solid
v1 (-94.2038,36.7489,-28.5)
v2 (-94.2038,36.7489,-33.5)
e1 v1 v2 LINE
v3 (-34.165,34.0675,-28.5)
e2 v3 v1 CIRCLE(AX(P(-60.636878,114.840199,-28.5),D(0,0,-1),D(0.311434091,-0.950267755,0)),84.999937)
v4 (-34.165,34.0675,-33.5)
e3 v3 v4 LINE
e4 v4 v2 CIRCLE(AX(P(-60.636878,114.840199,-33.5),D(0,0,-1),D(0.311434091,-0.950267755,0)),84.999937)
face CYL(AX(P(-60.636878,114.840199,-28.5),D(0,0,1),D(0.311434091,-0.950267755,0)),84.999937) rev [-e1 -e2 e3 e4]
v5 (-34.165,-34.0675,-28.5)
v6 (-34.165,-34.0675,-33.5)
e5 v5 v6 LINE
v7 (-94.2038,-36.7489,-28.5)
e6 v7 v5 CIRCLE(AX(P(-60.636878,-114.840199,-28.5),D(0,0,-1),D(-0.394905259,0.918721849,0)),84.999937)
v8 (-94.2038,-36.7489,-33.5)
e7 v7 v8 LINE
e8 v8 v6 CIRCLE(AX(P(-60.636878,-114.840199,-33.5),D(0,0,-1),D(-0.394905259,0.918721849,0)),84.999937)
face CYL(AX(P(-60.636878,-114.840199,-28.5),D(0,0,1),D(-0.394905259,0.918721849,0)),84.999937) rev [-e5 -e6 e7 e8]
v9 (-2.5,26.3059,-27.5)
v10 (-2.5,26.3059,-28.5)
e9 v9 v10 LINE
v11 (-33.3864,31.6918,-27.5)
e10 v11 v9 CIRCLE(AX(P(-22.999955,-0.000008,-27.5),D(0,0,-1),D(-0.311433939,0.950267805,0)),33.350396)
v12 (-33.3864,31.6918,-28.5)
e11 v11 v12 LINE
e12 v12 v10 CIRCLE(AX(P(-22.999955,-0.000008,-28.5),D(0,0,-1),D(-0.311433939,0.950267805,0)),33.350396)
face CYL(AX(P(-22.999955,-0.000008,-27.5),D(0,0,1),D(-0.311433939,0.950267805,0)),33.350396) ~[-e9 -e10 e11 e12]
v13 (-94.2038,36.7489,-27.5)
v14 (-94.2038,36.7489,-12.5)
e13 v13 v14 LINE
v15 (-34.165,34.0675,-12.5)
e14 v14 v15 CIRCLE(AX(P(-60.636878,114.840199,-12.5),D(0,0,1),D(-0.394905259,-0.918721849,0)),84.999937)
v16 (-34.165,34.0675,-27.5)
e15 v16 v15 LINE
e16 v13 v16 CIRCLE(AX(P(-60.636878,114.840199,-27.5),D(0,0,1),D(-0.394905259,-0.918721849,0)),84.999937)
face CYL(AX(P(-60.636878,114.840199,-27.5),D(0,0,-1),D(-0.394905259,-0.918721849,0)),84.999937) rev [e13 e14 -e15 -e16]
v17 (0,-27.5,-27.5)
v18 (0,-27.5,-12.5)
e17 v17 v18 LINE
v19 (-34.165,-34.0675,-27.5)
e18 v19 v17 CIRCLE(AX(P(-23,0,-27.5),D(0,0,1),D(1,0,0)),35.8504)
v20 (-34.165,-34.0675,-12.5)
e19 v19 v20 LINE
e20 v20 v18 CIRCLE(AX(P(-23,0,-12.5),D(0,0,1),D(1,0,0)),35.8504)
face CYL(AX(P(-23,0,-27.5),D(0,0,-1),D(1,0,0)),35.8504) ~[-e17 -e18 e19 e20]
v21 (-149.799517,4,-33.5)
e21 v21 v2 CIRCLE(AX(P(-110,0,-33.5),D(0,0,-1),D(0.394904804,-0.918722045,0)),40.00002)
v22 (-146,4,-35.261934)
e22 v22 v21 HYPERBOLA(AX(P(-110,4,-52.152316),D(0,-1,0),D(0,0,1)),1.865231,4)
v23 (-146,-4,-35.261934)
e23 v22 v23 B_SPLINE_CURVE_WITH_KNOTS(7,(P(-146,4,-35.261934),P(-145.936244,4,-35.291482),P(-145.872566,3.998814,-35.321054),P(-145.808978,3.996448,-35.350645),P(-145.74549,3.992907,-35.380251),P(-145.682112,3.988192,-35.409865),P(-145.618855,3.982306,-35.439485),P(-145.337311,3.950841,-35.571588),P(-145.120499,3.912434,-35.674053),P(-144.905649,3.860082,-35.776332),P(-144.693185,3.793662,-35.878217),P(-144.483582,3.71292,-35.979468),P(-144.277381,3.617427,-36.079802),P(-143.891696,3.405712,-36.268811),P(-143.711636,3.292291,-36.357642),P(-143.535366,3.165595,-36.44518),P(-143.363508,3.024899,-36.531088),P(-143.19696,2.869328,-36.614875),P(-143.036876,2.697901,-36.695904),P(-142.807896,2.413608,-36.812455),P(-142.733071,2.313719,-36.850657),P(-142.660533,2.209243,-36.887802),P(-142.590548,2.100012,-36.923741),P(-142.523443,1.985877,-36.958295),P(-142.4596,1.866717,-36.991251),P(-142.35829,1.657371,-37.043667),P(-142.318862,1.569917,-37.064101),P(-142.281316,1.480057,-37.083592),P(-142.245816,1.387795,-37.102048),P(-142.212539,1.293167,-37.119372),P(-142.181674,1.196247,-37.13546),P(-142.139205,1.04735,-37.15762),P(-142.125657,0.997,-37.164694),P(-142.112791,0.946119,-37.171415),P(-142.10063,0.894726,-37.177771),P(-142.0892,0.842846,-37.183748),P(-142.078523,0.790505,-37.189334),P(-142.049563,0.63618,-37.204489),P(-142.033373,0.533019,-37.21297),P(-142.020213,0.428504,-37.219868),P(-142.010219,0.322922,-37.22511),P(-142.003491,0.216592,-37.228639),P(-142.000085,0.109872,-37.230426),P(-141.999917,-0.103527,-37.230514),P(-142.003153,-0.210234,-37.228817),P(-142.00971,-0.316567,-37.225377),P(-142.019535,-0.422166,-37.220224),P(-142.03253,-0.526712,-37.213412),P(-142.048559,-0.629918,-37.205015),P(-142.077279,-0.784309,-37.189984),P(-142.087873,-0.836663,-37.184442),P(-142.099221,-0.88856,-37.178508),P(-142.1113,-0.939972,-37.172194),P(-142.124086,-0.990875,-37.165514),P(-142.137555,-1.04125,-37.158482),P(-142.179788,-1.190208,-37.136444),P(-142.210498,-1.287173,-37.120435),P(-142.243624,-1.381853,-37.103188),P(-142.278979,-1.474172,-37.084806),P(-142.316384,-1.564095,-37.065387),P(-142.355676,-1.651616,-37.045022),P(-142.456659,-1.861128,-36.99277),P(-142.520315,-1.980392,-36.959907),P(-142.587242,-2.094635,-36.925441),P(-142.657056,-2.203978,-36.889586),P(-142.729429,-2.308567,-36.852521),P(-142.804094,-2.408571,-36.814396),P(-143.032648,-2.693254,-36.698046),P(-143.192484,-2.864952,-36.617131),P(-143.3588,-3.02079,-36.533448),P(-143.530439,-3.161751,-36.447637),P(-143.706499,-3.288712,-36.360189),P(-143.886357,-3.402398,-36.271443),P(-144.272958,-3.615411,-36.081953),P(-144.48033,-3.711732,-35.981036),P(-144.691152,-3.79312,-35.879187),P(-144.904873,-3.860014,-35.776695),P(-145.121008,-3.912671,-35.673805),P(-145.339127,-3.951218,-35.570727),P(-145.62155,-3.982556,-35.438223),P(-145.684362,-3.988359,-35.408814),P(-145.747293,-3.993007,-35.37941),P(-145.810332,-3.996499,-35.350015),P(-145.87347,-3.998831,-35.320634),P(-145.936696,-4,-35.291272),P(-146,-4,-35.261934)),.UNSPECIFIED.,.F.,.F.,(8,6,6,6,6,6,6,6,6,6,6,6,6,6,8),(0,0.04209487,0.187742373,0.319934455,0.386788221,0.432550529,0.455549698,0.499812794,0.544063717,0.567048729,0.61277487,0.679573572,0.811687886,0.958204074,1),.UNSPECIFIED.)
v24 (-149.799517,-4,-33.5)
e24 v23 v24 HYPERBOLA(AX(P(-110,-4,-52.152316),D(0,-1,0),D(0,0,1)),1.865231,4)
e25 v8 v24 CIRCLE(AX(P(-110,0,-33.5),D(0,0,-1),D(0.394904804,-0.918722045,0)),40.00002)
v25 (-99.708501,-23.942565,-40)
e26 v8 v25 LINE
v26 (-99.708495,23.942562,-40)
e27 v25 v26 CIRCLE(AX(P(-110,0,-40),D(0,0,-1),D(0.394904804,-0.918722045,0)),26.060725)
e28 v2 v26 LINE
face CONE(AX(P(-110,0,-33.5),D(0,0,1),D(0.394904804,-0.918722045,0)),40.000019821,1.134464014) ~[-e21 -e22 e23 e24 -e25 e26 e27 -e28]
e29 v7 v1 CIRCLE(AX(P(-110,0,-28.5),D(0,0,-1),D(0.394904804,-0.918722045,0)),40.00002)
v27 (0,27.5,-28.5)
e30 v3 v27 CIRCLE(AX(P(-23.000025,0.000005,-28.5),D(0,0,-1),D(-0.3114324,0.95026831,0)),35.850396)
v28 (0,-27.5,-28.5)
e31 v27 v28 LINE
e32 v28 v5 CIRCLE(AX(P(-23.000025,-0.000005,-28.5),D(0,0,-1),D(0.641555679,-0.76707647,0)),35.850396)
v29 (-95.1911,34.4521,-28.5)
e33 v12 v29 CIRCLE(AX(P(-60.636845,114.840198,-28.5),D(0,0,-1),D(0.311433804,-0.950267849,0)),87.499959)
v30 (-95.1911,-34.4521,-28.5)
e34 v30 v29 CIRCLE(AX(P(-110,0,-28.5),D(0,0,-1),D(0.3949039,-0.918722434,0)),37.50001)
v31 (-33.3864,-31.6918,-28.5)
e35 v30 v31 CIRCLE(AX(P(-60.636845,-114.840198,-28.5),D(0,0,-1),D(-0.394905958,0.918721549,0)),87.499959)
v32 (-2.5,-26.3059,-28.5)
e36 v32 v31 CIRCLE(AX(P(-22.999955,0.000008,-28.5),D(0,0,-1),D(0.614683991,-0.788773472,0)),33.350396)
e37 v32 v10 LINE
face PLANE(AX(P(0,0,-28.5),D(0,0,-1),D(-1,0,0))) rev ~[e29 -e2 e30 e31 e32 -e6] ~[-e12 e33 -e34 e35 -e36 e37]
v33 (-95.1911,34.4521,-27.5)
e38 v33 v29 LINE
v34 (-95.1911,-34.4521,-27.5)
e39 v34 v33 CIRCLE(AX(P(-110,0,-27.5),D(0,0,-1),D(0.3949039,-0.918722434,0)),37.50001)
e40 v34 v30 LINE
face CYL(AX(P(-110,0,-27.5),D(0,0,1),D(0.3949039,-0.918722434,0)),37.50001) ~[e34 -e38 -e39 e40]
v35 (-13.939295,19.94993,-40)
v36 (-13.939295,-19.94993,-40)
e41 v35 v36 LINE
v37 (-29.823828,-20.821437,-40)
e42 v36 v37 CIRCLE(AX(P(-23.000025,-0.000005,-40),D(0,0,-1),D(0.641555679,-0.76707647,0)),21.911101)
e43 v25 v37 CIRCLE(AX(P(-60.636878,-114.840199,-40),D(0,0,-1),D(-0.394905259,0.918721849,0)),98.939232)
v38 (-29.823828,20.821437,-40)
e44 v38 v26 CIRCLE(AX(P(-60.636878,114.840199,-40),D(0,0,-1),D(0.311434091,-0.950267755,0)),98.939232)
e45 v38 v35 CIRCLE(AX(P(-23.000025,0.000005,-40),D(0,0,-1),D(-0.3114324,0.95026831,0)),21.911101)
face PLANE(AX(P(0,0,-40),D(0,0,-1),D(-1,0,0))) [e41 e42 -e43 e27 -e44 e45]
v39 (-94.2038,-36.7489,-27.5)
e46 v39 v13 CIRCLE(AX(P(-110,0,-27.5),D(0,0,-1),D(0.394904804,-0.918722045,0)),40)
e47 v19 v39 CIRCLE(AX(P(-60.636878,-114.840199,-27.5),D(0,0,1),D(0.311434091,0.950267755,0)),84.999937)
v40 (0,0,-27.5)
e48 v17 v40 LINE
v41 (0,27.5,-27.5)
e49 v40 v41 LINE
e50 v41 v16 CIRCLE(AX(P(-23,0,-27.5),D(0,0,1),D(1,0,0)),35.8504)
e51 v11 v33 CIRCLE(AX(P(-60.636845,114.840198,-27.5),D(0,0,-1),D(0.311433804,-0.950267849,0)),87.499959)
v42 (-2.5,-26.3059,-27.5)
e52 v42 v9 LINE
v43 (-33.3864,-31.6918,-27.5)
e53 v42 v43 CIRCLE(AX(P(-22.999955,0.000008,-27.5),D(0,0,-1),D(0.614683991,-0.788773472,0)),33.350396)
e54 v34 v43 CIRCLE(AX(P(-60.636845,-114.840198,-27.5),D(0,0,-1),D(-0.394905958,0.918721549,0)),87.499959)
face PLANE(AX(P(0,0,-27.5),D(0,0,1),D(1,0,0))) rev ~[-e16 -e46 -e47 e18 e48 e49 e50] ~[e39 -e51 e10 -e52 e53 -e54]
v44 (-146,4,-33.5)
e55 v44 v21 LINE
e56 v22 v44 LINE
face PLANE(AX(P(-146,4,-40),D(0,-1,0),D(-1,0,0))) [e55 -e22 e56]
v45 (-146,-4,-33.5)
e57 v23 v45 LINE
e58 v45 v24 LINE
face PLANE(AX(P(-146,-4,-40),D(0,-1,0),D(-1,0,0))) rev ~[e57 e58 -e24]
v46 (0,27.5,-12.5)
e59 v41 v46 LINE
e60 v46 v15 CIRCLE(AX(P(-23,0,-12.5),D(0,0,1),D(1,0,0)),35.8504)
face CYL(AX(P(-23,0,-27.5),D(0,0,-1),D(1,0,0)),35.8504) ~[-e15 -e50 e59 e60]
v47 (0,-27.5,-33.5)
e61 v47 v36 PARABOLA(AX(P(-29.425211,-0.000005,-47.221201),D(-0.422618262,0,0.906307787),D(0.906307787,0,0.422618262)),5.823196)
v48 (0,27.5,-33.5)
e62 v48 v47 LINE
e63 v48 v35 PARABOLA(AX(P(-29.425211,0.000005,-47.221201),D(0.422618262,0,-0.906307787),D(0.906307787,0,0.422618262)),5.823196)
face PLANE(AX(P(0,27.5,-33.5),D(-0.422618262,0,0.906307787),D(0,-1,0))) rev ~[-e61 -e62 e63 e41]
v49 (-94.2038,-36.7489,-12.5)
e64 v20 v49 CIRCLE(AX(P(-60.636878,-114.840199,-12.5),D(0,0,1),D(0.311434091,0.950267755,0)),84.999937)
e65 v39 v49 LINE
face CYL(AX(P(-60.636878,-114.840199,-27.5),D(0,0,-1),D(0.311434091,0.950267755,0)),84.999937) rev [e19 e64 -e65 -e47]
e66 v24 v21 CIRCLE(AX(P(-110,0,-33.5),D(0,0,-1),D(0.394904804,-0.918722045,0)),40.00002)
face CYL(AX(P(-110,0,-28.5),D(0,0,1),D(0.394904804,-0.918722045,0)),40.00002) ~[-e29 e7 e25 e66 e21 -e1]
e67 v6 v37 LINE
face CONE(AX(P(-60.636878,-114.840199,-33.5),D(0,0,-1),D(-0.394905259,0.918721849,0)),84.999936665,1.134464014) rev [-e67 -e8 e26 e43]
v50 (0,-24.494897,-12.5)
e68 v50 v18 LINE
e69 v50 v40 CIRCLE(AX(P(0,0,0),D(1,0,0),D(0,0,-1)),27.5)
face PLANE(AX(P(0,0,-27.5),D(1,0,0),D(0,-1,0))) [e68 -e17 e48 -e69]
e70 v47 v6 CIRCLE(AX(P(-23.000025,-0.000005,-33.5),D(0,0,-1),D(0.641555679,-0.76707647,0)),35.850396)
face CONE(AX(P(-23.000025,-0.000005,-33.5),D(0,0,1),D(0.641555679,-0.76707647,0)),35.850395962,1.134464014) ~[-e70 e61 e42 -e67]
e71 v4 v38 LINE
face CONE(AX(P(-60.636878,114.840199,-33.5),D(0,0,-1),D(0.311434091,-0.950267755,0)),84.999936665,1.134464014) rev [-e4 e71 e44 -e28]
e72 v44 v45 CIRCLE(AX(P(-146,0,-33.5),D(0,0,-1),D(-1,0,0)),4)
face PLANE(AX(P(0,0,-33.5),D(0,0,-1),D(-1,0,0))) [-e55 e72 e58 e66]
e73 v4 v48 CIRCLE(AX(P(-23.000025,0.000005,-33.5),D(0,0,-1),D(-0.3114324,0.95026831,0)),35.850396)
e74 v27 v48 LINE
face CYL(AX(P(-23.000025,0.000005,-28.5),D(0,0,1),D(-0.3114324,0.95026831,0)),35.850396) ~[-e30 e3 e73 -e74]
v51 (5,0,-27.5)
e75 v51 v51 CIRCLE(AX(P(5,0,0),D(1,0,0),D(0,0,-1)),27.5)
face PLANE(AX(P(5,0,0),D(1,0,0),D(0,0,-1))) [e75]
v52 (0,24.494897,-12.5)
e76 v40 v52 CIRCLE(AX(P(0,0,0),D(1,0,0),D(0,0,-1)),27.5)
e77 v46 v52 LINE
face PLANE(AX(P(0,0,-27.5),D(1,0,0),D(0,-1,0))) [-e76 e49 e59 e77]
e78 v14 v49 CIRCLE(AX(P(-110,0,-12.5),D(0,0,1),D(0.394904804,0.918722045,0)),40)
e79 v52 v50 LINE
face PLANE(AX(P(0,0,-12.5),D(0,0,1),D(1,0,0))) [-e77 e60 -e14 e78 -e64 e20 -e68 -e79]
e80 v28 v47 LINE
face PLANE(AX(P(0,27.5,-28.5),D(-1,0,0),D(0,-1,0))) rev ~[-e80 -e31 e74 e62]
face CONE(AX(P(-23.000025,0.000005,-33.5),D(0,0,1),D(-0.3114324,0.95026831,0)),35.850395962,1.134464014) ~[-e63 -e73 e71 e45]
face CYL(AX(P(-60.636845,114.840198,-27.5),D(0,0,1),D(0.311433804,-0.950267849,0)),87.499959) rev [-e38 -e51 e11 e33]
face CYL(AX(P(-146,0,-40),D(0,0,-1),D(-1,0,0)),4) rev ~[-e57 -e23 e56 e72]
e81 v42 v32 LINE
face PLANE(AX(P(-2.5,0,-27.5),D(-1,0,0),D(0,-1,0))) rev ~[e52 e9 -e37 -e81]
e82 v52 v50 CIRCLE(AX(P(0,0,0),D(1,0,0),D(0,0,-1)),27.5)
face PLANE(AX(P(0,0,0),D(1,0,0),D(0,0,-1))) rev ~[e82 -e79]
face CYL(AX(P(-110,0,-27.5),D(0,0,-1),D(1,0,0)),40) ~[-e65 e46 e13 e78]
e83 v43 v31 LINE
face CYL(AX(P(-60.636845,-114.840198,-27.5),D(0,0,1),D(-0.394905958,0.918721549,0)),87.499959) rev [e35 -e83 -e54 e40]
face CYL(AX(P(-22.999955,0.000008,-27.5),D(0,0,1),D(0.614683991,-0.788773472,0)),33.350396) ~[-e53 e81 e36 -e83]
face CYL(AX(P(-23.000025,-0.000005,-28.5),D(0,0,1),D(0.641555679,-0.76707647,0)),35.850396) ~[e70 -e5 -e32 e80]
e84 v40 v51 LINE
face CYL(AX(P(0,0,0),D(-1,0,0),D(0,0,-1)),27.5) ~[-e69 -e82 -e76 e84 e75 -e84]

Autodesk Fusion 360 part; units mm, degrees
sketch "Sketch1" plane through (0, 0, 0) normal (1, 0, 0) x (0, 0, -1)
  circle A0 centre (0, 0) radius 27.5
  dimension "d1" = 55
extrude "Extrude1" add sketch "Sketch1" along normal blind 5
ref_plane "WorkPlane1" through (0, 0, -27.5) normal (0, 0, 1) x (1, 0, 0)
sketch "Sketch2" plane through (0, 0, -27.5) normal (0, 0, 1) x (1, 0, 0)
  line L0 (0, 0) -> (-150, 0)
  line L1 (0, 0) -> (-23, 0)
  line L2 (-150, 0) -> (-110, 0)
  line L3 (0, 0) -> (0, 27.5)
  circle A0 centre (-23, 0) radius 35.8504
  circle A1 centre (-110, 0) radius 40
  line L4 (0, 27.5) -> (0, -27.5)
  arc A2 (-94.2038, 36.7489) -> (-34.165, 34.0675) centre (-60.6369, 114.8402) ccw
  arc A3 (-34.165, -34.0675) -> (-94.2038, -36.7489) centre (-60.6369, -114.8402) ccw
  point P0 (0, -27.5)
  point P1 (0, 27.5)
  dimension "d6" = 150
  dimension "d7" = 23
  dimension "d8" = 40
  dimension "d9" = 27.5
  dimension "d10" = 85
extrude "Extrude2" add sketch "Sketch2" along normal blind 15 contours L0 L1 A0 L4 | L0 L1 L3 A0 L4 | L0 A0 A1 A3 | L0 A0 A1 A2 | L0 L2 A1 | L0 L2 A1
sketch "Sketch3" plane through (0, 0, -27.5) normal (0, 0, -1) x (-1, 0, 0)
  arc A0 (34.165, 34.0675) -> (0, 27.5) centre (23, 0) ccw
  line L0 (0, 27.5) -> (0, 0)
  line L1 (0, 0) -> (0, -27.5)
  arc A1 (0, -27.5) -> (34.165, -34.0675) centre (23, 0) ccw
  arc A2 (94.2038, -36.7489) -> (34.165, -34.0675) centre (60.6369, -114.8402) ccw
  arc A3 (94.2038, -36.7489) -> (94.2038, 36.7489) centre (110, 0) ccw
  arc A4 (34.165, 34.0675) -> (94.2038, 36.7489) centre (60.6369, 114.8402) ccw
  arc A5 (95.1911, -34.4521) -> (95.1911, 34.4521) centre (110, 0) ccw
  arc A6 (33.3864, 31.6918) -> (95.1911, 34.4521) centre (60.6369, 114.8402) ccw
  arc A7 (33.3864, 31.6918) -> (2.5, 26.3059) centre (23, 0) ccw
  line L2 (2.5, 26.3059) -> (2.5, 0)
  line L3 (2.5, 0) -> (2.5, -26.3059)
  arc A8 (2.5, -26.3059) -> (33.3864, -31.6918) centre (23, 0) ccw
  arc A9 (95.1911, -34.4521) -> (33.3864, -31.6918) centre (60.6369, -114.8402) ccw
  dimension "d13" = 2.5
extrude "Extrude3" add sketch "Sketch3" along normal blind 1 contours A5 A6 A7 L2 L3 A8 A9
sketch "Sketch4" plane through (0, 0, -28.5) normal (0, 0, -1) x (-1, 0, 0)
  arc A0 (33.3864, 31.6918) -> (2.5, 26.3059) centre (23, 0) ccw
  line L0 (2.5, 26.3059) -> (2.5, -26.3059)
  arc A1 (2.5, -26.3059) -> (33.3864, -31.6918) centre (23, 0) ccw
  arc A2 (95.1911, -34.4521) -> (33.3864, -31.6918) centre (60.6369, -114.8402) ccw
  arc A3 (95.1911, -34.4521) -> (95.1911, 34.4521) centre (110, 0) ccw
  arc A4 (33.3864, 31.6918) -> (95.1911, 34.4521) centre (60.6369, 114.8402) ccw
  arc A5 (94.2038, -36.7489) -> (94.2038, 36.7489) centre (110, 0) ccw
  arc A6 (34.165, 34.0675) -> (94.2038, 36.7489) centre (60.6369, 114.8402) ccw
  arc A7 (34.165, 34.0675) -> (0, 27.5) centre (23, 0) ccw
  line L1 (0, 27.5) -> (0, -27.5)
  arc A8 (0, -27.5) -> (34.165, -34.0675) centre (23, 0) ccw
  arc A9 (94.2038, -36.7489) -> (34.165, -34.0675) centre (60.6369, -114.8402) ccw
  dimension "d16" = -2.5
extrude "Extrude4" add sketch "Sketch4" along normal blind 5 contours A0 L0 A1 A2 A3 A4 | A5 A6 A7 L1 A8 A9
extrude "Extrude5" add 1 faces at (-110.551, 8.9771, -33.5) along direction (0, 0, -1) blind 6.5 draft -65
sketch "Sketch5" plane through (0, 0, -40) normal (0, 0, -1) x (-1, 0, 0)
  arc A0 (29.8238, 20.8214) -> (99.7085, 23.9425) centre (60.6369, 114.8402) ccw
  arc A1 (29.8238, 20.8214) -> (13.9393, 19.9499) centre (23, 0) ccw
  line L0 (13.9393, 19.9499) -> (13.9393, -19.9499)
  arc A2 (13.9393, -19.9499) -> (29.8238, -20.8214) centre (23, 0) ccw
  arc A3 (99.7085, -23.9425) -> (29.8238, -20.8214) centre (60.6369, -114.8402) ccw
  arc A4 (99.7085, -23.9425) -> (99.7085, 23.9425) centre (110, 0) ccw
  line L1 (150, 0) -> (146, 0)
  circle A5 centre (146, 0) radius 4
  line L2 (146, 4) -> (151, 4)
  line L3 (146, -4) -> (151, -4)
  line L4 (151, 4) -> (151, -4)
  dimension "d21" = 4
  dimension "d22" = 8
  dimension "d23" = 5
extrude "Extrude6" cut sketch "Sketch5" against normal blind 6.5 contours A5 | A5 L2 L3 L4
